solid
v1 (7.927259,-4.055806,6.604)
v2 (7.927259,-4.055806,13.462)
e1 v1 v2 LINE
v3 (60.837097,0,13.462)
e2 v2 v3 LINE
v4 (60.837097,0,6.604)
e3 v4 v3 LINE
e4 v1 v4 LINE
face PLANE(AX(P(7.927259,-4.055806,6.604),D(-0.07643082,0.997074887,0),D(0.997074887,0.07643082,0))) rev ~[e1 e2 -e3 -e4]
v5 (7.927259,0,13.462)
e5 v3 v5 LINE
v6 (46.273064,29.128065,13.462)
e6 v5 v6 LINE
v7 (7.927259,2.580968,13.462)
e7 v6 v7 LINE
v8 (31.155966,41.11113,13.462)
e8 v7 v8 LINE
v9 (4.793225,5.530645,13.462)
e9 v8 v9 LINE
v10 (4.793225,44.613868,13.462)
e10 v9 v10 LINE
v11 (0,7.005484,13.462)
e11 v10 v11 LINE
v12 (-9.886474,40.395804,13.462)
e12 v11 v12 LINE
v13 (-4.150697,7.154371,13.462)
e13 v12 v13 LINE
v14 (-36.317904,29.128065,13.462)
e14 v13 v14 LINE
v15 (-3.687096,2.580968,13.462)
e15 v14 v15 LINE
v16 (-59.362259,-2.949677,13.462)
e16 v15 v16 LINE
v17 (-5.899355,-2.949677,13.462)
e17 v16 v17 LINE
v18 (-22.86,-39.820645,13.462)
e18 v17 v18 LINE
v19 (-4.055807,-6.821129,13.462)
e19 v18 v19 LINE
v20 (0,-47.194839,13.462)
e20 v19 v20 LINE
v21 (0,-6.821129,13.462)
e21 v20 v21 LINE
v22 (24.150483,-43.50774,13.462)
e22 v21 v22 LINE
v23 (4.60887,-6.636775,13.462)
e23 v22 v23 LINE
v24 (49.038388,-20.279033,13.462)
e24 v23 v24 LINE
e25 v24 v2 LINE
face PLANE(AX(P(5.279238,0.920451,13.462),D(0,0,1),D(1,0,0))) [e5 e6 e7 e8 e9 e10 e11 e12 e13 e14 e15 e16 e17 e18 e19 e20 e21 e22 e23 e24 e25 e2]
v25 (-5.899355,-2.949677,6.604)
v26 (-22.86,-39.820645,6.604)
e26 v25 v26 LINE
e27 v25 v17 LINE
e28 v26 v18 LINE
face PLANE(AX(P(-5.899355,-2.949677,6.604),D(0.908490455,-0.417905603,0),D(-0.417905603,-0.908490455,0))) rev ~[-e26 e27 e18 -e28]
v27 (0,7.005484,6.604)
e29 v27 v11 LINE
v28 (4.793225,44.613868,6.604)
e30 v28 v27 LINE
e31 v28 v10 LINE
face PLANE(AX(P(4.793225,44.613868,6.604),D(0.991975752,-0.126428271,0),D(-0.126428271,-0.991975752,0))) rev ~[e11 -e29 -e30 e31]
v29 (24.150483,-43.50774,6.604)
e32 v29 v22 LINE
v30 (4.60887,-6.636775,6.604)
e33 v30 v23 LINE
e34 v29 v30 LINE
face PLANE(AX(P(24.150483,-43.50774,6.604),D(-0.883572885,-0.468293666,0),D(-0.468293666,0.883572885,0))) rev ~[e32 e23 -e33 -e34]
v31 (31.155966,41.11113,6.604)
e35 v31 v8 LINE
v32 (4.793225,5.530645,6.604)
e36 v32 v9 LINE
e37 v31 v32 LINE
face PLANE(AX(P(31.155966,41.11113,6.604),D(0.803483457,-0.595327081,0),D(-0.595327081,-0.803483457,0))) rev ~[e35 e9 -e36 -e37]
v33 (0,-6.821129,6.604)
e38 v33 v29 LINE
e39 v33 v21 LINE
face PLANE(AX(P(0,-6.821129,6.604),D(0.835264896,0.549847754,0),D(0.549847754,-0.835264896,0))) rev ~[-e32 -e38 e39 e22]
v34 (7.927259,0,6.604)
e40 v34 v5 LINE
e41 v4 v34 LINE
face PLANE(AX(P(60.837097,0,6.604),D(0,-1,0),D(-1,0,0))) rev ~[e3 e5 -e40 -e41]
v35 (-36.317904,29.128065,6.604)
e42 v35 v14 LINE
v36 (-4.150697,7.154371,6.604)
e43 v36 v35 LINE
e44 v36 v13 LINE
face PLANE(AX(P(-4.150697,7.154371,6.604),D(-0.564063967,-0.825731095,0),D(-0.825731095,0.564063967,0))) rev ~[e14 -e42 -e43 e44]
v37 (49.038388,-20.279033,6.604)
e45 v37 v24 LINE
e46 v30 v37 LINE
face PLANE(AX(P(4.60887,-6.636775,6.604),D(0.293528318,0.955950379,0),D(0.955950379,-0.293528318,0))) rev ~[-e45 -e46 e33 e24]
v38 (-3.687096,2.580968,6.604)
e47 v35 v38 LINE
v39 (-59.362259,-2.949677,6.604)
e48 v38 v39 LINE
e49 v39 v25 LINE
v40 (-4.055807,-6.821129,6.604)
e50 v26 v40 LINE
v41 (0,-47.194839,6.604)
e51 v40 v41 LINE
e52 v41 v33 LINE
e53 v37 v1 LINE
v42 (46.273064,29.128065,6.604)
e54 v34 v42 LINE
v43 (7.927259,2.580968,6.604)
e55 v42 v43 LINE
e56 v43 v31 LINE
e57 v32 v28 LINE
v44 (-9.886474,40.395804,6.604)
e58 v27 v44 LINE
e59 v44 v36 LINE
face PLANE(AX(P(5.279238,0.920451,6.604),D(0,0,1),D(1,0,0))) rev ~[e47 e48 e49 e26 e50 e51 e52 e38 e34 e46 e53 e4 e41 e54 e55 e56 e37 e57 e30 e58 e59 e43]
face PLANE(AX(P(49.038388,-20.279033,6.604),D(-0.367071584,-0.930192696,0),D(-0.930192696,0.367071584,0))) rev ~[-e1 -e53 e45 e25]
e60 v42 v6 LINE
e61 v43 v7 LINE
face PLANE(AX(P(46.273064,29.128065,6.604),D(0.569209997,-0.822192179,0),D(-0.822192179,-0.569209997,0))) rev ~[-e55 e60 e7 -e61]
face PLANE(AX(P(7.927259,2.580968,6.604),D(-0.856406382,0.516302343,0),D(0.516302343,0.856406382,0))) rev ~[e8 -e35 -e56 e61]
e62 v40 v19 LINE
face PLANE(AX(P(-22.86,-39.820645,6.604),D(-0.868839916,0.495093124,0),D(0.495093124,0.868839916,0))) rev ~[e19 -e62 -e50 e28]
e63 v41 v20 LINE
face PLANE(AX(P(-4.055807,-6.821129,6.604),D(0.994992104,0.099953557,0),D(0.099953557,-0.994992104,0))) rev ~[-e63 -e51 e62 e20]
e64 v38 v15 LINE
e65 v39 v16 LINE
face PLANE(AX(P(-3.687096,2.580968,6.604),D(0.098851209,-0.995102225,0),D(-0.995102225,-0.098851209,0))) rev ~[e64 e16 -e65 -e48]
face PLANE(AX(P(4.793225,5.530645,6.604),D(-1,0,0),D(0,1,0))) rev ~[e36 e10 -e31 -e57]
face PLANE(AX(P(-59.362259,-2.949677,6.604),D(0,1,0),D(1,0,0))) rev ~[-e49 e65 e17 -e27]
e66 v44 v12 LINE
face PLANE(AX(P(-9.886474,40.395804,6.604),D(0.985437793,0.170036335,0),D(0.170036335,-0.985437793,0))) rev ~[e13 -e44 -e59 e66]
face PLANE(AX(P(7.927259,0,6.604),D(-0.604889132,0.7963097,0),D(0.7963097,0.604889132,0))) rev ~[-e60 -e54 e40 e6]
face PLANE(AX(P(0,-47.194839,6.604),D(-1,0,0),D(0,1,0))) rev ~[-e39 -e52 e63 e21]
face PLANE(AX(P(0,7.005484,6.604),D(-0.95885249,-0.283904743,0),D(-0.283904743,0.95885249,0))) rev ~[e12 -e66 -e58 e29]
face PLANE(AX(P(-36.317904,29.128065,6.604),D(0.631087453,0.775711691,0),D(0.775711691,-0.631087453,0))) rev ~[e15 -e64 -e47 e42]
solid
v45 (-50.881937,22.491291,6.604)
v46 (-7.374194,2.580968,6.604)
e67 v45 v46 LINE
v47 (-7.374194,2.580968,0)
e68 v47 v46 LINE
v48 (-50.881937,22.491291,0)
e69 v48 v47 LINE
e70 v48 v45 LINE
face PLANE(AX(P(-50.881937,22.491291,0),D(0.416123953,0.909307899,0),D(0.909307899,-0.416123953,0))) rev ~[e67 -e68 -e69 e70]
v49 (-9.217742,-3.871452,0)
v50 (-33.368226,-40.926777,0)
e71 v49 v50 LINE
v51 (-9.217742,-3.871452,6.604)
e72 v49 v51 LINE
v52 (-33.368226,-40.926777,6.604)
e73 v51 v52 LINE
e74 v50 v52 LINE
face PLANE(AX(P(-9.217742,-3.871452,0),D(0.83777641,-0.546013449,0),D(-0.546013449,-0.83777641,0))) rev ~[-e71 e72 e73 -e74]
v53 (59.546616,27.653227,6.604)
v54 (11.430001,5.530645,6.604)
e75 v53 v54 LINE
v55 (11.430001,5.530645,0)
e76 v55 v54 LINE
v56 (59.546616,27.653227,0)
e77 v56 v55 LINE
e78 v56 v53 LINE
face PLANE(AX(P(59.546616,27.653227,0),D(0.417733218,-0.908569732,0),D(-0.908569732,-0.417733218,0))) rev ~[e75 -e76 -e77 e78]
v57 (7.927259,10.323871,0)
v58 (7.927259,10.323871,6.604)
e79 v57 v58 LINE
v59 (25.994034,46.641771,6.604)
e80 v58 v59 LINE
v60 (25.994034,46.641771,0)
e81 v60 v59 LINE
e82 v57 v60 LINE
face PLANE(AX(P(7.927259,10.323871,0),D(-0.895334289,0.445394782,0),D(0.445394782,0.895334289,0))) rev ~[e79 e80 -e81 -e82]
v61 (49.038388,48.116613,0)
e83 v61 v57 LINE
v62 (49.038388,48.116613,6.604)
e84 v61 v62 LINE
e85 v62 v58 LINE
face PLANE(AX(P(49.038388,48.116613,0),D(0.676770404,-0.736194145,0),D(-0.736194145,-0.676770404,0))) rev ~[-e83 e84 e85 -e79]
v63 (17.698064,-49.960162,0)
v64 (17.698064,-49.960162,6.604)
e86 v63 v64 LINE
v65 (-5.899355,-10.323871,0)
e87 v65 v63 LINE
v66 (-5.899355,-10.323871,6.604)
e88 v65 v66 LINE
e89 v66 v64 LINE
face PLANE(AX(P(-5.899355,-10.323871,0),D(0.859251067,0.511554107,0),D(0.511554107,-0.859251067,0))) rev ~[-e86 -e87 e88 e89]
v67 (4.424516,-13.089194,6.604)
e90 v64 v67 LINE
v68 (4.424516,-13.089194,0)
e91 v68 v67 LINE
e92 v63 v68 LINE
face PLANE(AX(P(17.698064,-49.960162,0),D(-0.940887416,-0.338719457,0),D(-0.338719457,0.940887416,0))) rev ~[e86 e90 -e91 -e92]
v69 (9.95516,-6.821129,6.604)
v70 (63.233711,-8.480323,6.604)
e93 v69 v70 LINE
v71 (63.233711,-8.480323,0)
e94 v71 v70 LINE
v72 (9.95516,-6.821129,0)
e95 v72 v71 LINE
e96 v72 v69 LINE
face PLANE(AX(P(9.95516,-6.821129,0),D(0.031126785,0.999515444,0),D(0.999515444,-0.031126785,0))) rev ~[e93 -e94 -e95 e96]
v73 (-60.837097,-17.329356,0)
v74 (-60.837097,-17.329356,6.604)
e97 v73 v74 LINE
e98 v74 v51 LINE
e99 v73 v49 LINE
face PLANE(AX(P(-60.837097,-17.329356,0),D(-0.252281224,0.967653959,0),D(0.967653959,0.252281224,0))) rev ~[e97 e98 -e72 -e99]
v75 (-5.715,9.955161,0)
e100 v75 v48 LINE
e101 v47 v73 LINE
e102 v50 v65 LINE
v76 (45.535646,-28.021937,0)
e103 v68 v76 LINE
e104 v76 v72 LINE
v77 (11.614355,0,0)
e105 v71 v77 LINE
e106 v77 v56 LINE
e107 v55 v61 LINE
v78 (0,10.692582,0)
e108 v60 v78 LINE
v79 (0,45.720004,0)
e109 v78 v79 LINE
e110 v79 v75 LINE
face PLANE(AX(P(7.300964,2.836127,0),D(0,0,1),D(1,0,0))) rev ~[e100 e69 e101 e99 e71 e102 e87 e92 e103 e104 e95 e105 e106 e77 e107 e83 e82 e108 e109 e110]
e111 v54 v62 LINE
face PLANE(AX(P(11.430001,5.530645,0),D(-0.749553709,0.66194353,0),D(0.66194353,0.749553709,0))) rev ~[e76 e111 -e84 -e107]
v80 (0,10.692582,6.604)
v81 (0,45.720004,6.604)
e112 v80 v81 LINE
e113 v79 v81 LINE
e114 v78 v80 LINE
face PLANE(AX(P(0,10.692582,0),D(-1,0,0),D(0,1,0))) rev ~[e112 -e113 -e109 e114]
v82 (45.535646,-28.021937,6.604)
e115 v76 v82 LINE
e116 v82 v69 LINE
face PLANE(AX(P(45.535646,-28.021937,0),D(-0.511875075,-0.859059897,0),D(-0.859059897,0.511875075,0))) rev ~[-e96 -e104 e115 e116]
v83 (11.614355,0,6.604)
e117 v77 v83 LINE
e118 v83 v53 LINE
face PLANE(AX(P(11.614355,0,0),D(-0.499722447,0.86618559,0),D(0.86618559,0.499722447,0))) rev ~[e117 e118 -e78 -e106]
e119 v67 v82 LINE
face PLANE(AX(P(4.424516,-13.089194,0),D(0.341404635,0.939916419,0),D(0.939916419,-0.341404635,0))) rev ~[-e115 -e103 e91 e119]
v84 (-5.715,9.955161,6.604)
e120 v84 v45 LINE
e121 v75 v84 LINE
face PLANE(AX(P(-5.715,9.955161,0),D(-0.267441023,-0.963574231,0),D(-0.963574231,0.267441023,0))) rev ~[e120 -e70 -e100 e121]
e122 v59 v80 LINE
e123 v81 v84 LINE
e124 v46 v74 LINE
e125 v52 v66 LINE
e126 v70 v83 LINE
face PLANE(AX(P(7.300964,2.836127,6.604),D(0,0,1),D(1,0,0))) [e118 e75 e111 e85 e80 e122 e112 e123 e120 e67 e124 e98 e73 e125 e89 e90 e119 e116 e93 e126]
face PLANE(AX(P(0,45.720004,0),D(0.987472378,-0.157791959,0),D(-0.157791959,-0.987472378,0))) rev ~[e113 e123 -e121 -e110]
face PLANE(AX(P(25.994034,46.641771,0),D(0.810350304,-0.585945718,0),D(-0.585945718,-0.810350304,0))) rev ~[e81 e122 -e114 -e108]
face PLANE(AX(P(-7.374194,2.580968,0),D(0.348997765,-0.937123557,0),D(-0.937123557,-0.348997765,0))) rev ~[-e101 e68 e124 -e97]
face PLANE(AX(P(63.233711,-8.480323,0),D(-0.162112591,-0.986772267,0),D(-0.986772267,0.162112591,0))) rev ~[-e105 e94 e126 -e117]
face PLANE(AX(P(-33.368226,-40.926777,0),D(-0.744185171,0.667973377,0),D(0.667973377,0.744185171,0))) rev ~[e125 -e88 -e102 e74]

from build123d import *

# Parameters (mm, degrees)
F1_DEPTH = 6.604
F3_DEPTH = 6.858


with BuildPart() as f1:
    # F0 (on Top) → F1 (new body)
    with BuildSketch(Plane.XY):
        Polygon((49.038388, 48.116613), (7.927259, 10.323871), (25.994034, 46.641771), (0, 10.692582), (0, 45.720004), (-5.715, 9.955161), (-50.881937, 22.491291), (-7.374194, 2.580968), (-60.837097, -17.329356), (-9.217742, -3.871452), (-33.368226, -40.926777), (-5.899355, -10.323871), (17.698064, -49.960162), (4.424516, -13.089194), (45.535646, -28.021937), (9.95516, -6.821129), (63.233711, -8.480323), (11.614355, 0), (59.546616, 27.653227), (11.430001, 5.530645), align=None)
    extrude(amount=F1_DEPTH)


with BuildPart() as f3:
    # F2 (on face) → F3 (new body)
    with BuildSketch(Plane.XY.offset(6.604)):
        Polygon((4.793225, 44.613868), (0, 7.005484), (-9.886474, 40.395804), (-4.150697, 7.154371), (-36.317904, 29.128065), (-3.687096, 2.580968), (-59.362259, -2.949677), (-5.899355, -2.949677), (-22.86, -39.820645), (-4.055807, -6.821129), (0, -47.194839), (0, -6.821129), (24.150483, -43.50774), (4.60887, -6.636775), (49.038388, -20.279033), (7.927259, -4.055806), (60.837097, 0), (7.927259, 0), (46.273064, 29.128065), (7.927259, 2.580968), (31.155966, 41.11113), (4.793225, 5.530645), align=None)
    extrude(amount=F3_DEPTH)


solid = Compound([f1.part, f3.part])
